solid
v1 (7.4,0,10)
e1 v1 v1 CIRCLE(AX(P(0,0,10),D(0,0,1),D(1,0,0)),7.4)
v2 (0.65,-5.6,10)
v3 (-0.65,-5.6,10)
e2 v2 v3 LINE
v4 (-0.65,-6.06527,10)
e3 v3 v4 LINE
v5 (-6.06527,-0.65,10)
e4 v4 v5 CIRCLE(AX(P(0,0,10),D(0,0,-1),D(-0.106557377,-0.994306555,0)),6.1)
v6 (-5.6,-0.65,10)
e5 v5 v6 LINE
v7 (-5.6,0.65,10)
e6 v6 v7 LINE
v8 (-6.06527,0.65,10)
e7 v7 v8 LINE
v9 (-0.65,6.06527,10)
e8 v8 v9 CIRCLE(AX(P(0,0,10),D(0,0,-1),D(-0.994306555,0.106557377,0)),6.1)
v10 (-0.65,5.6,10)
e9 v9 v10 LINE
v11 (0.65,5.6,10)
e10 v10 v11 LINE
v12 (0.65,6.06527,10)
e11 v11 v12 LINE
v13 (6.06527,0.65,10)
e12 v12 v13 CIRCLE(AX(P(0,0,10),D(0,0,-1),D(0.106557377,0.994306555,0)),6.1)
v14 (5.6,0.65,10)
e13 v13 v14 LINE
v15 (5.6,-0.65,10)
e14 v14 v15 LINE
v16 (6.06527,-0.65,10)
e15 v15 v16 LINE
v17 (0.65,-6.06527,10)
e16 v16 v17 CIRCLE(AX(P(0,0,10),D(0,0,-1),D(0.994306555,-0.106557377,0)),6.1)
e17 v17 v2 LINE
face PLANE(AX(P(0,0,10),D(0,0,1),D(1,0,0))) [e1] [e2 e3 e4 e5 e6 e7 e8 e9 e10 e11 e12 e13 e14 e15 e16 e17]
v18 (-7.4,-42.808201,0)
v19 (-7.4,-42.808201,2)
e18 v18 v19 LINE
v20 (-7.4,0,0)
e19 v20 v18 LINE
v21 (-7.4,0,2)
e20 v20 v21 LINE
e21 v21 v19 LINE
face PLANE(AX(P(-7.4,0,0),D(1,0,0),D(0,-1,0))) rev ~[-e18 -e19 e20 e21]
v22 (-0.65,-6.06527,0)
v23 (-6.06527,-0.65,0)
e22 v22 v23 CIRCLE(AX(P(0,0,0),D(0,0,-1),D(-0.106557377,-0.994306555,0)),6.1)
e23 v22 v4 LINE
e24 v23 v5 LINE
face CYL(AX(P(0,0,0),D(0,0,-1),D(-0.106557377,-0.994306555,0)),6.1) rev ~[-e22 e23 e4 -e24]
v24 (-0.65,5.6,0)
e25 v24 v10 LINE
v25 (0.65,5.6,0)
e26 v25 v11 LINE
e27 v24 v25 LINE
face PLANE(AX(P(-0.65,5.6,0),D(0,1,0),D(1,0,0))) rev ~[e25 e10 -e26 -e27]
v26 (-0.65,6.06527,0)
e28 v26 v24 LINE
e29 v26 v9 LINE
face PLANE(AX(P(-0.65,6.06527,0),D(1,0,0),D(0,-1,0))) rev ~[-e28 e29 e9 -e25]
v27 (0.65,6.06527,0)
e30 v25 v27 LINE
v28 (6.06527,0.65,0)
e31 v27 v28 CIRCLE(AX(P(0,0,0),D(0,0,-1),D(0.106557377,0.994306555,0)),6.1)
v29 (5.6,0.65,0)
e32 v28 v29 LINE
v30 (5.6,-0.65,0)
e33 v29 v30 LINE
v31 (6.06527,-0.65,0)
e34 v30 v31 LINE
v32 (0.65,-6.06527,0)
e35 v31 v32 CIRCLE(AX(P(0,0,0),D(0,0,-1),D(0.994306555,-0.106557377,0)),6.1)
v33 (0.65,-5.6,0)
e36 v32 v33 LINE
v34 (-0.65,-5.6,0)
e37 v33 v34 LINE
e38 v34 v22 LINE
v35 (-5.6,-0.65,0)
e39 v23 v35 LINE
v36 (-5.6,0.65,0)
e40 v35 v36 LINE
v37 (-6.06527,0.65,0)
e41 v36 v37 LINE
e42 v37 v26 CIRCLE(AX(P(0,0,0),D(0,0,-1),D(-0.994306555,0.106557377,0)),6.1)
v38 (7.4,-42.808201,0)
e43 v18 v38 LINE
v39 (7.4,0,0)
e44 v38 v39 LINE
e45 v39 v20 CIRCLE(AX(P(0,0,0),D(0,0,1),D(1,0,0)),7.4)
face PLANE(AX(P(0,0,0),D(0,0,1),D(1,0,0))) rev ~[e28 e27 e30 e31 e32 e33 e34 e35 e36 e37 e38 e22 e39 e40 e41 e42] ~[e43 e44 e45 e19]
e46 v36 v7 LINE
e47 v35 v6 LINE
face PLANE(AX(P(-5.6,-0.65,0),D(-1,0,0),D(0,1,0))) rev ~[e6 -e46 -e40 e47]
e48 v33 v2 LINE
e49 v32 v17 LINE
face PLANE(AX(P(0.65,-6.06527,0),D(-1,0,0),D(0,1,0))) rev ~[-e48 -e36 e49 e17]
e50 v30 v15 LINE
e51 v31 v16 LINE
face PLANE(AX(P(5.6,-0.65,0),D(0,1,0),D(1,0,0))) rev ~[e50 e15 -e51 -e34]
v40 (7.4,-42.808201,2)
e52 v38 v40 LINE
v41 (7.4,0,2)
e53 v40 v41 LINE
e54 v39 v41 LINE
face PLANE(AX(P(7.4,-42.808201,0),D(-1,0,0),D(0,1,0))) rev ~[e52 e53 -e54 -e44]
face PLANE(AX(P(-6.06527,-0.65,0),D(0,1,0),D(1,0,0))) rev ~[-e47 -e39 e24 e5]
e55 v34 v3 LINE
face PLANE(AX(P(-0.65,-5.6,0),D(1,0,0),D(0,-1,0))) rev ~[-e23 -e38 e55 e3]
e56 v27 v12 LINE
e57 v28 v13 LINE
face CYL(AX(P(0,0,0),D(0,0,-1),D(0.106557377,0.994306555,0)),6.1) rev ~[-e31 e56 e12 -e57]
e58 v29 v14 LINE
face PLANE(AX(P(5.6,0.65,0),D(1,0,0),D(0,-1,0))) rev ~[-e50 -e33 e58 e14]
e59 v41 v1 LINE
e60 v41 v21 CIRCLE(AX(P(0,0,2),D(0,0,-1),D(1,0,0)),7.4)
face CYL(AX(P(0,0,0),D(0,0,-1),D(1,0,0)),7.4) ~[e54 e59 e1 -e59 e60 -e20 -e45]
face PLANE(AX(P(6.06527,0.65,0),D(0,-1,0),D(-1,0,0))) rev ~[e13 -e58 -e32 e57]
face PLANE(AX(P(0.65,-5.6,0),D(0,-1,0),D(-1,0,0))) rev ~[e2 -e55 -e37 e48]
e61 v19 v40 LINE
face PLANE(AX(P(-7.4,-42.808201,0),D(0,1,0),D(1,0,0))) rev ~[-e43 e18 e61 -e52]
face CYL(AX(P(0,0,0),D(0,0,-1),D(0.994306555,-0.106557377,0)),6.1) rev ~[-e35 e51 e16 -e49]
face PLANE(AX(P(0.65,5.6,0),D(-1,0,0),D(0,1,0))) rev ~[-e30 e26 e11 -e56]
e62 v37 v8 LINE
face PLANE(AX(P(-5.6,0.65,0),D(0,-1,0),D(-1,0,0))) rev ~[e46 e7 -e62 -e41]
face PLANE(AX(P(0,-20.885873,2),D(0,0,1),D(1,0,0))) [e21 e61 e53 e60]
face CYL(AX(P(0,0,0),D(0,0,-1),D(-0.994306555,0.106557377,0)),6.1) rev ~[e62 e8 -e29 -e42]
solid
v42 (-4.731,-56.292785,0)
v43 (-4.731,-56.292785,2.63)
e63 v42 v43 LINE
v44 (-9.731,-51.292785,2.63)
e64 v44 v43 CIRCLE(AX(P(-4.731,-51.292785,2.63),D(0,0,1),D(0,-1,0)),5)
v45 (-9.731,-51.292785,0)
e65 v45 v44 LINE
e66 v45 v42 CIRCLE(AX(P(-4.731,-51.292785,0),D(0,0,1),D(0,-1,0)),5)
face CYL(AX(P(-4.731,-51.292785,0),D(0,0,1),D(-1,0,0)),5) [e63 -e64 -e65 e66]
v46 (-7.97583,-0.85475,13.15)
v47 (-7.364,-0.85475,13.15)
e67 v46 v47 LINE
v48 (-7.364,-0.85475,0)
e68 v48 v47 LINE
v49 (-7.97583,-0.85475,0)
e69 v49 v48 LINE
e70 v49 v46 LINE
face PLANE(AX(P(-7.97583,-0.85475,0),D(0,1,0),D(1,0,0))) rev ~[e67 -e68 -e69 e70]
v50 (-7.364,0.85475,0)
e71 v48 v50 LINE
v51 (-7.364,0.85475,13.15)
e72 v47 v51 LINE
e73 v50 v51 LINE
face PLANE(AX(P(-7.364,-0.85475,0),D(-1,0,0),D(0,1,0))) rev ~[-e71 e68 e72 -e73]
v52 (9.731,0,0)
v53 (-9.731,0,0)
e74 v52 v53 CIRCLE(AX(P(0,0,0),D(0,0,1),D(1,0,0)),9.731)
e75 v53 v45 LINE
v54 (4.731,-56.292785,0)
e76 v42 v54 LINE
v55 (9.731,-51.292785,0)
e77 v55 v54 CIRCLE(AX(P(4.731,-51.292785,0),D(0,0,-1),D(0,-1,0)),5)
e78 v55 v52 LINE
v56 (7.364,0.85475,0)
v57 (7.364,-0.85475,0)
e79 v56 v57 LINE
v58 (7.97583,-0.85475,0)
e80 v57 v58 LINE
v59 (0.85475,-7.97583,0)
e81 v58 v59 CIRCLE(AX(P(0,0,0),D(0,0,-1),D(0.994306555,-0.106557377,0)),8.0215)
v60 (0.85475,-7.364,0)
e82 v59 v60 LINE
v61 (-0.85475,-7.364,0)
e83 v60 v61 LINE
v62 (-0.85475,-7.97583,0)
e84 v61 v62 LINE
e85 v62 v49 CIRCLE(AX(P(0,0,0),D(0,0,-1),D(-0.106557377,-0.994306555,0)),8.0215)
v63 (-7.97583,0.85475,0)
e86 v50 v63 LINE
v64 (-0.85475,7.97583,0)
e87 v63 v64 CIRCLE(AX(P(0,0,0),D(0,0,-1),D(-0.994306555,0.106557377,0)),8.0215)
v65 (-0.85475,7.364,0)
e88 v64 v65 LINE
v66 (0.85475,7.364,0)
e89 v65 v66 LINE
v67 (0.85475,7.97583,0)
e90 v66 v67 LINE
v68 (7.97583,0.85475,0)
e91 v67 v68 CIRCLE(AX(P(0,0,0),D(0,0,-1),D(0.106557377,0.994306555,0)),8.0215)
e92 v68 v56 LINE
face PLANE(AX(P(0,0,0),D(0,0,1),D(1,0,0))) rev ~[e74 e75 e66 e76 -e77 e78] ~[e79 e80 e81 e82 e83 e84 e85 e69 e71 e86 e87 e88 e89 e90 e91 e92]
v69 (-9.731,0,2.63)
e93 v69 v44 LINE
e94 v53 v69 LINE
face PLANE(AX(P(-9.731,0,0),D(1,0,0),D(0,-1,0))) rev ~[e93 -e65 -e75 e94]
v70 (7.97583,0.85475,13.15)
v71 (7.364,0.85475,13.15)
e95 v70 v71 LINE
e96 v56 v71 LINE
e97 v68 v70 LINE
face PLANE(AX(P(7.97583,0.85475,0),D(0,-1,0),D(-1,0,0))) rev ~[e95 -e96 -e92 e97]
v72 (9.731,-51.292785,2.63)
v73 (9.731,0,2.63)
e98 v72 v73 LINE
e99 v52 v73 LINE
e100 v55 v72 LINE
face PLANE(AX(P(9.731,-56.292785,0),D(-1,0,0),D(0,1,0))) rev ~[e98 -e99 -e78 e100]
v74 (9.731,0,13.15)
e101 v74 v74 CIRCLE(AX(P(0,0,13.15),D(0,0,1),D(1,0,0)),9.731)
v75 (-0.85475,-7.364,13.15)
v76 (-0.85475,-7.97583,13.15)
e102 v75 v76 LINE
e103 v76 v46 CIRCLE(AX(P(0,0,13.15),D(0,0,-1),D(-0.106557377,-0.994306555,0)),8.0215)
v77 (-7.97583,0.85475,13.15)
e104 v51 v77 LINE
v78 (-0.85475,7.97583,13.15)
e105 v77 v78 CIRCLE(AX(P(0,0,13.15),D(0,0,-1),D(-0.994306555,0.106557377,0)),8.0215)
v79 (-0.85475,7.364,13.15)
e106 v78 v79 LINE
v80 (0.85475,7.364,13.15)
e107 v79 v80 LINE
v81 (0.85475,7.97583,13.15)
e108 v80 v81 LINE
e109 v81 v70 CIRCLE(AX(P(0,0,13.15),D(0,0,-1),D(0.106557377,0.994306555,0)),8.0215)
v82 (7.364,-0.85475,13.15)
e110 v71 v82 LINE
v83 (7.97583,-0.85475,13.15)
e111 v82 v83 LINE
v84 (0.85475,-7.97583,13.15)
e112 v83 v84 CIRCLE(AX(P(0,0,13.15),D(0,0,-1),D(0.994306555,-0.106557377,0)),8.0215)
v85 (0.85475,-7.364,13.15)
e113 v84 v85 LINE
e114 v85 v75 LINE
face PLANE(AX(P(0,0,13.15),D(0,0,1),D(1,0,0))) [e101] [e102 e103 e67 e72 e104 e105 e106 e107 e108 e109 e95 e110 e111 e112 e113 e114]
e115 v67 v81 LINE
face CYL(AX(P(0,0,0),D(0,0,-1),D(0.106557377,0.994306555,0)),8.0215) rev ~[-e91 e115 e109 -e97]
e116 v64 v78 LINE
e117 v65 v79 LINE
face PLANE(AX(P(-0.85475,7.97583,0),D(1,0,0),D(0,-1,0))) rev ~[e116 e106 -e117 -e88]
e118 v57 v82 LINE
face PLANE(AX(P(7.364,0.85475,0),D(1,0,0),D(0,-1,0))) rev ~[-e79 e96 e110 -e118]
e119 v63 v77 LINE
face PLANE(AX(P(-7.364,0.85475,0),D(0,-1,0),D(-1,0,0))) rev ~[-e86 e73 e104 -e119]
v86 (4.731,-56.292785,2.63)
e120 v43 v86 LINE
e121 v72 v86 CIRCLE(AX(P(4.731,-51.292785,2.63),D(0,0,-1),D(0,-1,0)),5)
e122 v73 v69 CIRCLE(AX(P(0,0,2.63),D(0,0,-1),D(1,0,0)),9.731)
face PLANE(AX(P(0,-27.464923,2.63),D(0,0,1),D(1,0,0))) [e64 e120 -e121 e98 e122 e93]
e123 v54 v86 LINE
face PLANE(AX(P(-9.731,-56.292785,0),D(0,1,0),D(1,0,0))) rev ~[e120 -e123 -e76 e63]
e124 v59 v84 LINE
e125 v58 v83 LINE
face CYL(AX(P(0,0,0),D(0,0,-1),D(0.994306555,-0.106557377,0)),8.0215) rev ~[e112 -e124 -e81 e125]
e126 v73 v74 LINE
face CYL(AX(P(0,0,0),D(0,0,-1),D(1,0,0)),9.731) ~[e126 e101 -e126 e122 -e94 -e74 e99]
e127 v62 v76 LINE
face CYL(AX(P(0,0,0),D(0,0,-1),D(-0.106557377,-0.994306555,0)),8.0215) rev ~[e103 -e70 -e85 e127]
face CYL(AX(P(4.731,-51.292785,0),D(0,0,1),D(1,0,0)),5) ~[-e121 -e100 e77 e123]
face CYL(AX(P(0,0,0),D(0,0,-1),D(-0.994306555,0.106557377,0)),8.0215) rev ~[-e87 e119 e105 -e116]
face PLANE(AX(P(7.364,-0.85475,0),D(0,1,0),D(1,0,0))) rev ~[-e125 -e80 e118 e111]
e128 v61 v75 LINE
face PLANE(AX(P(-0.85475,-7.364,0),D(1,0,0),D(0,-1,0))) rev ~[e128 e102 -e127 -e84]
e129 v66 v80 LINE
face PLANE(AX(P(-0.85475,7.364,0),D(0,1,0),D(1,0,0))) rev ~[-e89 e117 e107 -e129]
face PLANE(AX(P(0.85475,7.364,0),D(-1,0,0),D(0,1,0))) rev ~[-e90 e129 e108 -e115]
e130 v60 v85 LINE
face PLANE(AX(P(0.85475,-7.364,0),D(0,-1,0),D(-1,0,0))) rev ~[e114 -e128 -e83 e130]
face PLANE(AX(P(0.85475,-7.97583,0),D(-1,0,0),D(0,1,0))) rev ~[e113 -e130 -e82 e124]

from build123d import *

# Parameters (mm, degrees)
F1_DEPTH = 2
F2_DEPTH = 10
F3_SCALE = 1.315
F4_R     = 5


with BuildPart() as f1:
    # F0 (on Top) → F1 (new body)
    with BuildSketch(Plane.XY):
        with BuildLine():
            Line((7.4, -42.808201164), (7.4, 0))
            ThreePointArc((7.4, 0), (0, -7.4), (-7.4, 0))
            Line((-7.4, 0), (-7.4, -42.808201164))
            Line((-7.4, -42.808201164), (7.4, -42.808201164))
        make_face()
    extrude(amount=F1_DEPTH)

    # F0 (on Top) → F2 (join)
    with BuildSketch(Plane.XY):
        with BuildLine():
            ThreePointArc((-7.4, 0), (0, -7.4), (7.4, 0))
            ThreePointArc((7.4, 0), (0, 7.4), (-7.4, 0))
        make_face()
        with BuildLine():
            ThreePointArc((6.0652699857, -0.65), (4.3133513652, -4.3133513652), (0.65, -6.0652699857))
            Line((0.65, -6.0652699857), (0.65, -5.6))
            Line((0.65, -5.6), (-0.65, -5.6))
            Line((-0.65, -5.6), (-0.65, -6.0652699857))
            ThreePointArc((-0.65, -6.0652699857), (-4.3133513652, -4.3133513652), (-6.0652699857, -0.65))
            Line((-6.0652699857, -0.65), (-5.6, -0.65))
            Line((-5.6, -0.65), (-5.6, 0.65))
            Line((-5.6, 0.65), (-6.0652699857, 0.65))
            ThreePointArc((-6.0652699857, 0.65), (-4.3133513652, 4.3133513652), (-0.65, 6.0652699857))
            Line((-0.65, 6.0652699857), (-0.65, 5.6))
            Line((-0.65, 5.6), (0.65, 5.6))
            Line((0.65, 5.6), (0.65, 6.0652699857))
            ThreePointArc((0.65, 6.0652699857), (4.3133513652, 4.3133513652), (6.0652699857, 0.65))
            Line((6.0652699857, 0.65), (5.6, 0.65))
            Line((5.6, 0.65), (5.6, -0.65))
            Line((5.6, -0.65), (6.0652699857, -0.65))
        make_face(mode=Mode.SUBTRACT)
    extrude(amount=F2_DEPTH)


with BuildPart() as f3_1:
    # F3: copy of F1
    add(f1.part.scale(F3_SCALE))

    # F4
    f4_edges = [f3_1.edges().sort_by_distance(p)[0] for p in [
        (-9.731, -56.292785, 1.315),
        (9.731, -56.292785, 1.315),
    ]]
    fillet(f4_edges, radius=F4_R)


solid = Compound([f1.part, f3_1.part])
